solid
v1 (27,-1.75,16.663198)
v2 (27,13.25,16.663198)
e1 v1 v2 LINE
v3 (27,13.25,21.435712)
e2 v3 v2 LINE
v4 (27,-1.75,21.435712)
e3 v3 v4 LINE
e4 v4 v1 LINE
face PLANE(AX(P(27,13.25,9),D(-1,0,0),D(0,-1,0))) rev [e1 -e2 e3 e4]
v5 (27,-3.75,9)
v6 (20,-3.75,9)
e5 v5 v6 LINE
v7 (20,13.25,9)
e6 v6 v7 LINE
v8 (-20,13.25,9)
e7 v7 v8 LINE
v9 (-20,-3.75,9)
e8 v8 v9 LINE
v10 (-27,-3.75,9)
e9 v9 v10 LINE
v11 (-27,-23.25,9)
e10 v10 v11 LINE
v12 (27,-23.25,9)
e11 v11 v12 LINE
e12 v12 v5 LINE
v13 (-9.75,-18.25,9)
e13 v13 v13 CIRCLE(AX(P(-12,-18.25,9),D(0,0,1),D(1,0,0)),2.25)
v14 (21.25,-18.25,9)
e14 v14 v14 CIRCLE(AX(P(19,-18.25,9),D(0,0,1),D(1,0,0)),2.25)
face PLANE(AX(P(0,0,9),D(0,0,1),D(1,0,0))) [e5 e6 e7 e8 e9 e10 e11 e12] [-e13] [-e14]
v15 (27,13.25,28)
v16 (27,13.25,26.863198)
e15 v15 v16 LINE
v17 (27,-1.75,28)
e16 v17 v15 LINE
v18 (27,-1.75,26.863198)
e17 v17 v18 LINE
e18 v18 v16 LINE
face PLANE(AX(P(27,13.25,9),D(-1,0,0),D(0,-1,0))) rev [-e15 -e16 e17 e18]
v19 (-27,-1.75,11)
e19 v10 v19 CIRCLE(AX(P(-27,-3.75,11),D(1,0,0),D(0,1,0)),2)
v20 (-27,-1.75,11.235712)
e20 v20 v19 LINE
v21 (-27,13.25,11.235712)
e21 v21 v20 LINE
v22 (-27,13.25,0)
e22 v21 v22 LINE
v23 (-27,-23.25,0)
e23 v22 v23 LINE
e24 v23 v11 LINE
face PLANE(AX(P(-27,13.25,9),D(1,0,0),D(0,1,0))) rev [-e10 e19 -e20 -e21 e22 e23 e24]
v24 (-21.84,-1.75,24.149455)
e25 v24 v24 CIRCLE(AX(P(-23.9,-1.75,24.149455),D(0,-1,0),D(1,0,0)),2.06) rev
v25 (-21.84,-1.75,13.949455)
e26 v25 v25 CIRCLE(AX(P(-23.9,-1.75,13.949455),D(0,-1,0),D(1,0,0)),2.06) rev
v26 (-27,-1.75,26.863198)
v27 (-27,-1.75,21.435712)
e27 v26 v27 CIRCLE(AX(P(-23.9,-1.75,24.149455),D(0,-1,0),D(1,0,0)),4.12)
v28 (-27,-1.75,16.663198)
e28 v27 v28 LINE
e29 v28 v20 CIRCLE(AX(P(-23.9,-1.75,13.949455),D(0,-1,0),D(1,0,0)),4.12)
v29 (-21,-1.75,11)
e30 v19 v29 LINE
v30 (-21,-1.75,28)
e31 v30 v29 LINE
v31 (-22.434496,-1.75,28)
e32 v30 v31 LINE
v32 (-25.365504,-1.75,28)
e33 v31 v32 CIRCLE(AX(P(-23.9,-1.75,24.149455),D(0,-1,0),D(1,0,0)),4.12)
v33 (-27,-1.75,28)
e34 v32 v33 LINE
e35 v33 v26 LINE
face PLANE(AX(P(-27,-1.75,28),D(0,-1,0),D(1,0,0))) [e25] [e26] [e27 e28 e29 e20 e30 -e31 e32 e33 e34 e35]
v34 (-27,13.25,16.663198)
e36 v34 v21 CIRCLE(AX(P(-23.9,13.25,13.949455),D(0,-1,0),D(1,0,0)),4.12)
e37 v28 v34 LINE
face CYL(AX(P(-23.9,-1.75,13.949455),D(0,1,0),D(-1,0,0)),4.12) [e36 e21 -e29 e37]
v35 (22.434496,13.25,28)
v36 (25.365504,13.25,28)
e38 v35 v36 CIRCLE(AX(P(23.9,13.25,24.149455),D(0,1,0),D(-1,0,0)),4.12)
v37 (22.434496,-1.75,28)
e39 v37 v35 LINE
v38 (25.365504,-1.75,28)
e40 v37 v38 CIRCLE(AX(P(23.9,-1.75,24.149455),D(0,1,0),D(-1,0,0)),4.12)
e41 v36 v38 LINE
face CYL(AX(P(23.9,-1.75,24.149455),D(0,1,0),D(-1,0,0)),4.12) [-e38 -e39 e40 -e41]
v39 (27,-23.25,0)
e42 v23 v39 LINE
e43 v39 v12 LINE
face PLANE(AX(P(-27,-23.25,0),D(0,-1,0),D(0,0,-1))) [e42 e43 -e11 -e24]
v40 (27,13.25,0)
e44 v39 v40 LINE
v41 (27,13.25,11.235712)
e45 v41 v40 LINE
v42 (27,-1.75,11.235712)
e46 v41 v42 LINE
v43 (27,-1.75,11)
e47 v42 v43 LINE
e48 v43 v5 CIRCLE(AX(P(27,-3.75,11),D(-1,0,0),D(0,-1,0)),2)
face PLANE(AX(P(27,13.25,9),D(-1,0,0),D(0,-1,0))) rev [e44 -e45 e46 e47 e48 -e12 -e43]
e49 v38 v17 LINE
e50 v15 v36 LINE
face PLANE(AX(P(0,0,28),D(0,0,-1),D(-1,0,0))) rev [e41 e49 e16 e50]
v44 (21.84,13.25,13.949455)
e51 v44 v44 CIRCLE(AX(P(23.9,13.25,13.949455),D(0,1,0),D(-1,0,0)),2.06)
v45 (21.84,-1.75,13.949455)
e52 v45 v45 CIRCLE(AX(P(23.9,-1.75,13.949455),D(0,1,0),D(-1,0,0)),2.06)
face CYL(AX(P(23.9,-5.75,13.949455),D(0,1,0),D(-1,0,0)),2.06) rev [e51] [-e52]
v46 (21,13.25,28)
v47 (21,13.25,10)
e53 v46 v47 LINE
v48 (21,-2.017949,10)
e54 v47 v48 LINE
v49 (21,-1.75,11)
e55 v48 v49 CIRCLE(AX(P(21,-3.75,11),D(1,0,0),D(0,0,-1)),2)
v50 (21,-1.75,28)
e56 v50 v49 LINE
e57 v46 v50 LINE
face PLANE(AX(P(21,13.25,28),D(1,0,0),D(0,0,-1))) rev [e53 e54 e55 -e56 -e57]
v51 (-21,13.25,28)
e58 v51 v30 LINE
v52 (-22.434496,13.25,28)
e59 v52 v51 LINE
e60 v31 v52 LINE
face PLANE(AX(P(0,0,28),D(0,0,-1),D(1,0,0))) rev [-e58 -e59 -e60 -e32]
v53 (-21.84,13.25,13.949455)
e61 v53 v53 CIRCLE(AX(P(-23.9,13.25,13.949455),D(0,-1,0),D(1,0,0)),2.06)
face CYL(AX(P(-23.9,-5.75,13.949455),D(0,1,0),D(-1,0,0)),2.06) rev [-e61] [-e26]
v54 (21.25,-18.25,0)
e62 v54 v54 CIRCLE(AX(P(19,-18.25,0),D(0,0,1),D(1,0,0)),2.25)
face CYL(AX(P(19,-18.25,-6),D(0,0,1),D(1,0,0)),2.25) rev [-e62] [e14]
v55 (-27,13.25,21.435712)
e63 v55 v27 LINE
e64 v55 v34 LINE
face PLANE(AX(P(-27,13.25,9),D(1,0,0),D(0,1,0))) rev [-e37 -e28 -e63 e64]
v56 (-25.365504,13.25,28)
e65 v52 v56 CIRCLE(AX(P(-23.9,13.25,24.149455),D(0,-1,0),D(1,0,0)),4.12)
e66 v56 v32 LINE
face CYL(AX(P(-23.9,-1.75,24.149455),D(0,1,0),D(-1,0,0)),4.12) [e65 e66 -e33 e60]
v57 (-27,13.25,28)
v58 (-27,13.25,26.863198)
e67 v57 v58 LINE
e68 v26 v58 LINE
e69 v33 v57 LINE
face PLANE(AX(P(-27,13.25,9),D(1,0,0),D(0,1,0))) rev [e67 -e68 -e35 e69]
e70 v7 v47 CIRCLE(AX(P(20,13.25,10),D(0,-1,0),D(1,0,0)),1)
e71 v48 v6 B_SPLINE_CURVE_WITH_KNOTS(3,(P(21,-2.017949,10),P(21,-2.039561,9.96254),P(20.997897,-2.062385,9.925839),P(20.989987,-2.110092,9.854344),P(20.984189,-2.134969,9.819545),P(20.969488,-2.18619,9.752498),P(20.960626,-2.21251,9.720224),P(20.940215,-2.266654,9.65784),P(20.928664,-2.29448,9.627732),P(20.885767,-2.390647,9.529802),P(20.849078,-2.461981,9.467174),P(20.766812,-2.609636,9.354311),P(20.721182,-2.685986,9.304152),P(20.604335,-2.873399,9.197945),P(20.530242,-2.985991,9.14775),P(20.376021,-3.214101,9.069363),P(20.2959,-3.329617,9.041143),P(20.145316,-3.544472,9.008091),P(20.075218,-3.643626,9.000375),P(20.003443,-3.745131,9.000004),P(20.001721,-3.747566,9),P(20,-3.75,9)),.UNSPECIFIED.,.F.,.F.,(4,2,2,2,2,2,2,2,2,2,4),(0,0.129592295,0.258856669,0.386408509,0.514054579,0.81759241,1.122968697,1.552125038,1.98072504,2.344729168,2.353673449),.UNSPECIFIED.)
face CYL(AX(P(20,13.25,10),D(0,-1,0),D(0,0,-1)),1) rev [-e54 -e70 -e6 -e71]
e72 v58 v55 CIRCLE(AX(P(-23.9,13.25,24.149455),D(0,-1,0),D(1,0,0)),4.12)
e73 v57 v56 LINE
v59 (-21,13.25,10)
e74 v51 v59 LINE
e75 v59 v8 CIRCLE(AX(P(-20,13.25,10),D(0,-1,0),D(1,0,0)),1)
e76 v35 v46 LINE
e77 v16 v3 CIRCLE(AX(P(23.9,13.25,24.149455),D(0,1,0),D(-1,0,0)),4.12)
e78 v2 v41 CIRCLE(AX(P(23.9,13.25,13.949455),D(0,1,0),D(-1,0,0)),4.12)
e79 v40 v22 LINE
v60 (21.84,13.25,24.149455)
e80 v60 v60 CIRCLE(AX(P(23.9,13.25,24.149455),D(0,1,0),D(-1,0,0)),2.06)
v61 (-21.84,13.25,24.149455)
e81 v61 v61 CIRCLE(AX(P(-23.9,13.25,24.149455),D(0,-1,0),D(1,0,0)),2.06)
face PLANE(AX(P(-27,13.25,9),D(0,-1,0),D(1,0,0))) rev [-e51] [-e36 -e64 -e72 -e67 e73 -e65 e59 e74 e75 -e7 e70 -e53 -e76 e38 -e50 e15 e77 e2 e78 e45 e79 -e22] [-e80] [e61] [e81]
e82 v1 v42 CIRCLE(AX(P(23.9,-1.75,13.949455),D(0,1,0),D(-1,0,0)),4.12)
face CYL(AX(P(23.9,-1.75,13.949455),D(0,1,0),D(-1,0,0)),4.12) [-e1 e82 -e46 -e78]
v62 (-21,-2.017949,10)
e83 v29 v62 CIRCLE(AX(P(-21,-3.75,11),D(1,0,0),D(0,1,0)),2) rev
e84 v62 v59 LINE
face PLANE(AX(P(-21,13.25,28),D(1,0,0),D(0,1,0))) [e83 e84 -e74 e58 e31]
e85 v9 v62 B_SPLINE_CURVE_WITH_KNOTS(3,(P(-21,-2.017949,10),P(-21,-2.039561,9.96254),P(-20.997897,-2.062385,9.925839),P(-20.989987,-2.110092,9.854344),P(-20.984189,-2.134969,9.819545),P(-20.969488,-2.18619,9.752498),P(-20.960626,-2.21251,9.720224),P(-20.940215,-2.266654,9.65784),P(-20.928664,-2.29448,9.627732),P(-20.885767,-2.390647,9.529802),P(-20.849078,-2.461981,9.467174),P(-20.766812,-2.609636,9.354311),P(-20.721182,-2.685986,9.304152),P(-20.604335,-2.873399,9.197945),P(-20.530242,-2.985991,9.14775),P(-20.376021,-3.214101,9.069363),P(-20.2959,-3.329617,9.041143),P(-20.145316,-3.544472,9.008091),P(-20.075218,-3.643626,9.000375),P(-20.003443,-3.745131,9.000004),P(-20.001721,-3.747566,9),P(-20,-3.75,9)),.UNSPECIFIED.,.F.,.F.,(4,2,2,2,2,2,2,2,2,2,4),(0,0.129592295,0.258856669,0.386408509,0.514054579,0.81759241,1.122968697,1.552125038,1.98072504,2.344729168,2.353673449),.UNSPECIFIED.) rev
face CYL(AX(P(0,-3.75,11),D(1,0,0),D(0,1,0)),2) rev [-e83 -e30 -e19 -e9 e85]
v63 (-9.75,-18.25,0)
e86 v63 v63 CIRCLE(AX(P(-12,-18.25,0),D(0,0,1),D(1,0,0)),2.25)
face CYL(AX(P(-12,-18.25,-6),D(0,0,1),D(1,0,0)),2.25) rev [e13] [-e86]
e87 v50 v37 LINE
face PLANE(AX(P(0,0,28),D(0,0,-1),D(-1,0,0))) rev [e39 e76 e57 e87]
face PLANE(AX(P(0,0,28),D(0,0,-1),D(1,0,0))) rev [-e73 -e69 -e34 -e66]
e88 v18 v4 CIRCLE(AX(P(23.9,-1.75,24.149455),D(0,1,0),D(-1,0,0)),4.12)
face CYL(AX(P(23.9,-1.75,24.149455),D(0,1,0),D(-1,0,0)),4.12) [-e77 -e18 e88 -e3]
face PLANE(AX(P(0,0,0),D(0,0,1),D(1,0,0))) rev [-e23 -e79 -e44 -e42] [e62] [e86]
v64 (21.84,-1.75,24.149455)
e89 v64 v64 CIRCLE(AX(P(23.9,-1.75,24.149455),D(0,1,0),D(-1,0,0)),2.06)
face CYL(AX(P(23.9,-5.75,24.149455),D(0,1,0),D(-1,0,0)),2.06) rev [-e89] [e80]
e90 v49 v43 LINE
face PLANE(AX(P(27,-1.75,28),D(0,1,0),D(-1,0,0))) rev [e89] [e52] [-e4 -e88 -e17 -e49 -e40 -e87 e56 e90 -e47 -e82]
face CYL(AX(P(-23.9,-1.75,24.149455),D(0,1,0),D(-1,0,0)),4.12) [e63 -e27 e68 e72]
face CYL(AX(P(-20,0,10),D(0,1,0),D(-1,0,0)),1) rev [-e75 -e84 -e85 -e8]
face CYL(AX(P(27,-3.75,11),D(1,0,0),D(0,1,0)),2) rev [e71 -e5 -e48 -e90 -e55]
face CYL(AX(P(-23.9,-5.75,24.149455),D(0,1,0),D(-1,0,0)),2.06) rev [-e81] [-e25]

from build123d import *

# Parameters (mm, degrees)
SKETCH1_W           = 54
SKETCH1_H           = 26.5
BOSS_EXTRUDE1_DEPTH = 9
SKETCH2_W           = 6
SKETCH2_H           = 15
BOSS_EXTRUDE2_DEPTH = 19
SKETCH4_R           = 2.06
CUT_EXTRUDE1_DEPTH  = 19
SKETCH5_R           = 2.06
BOSS_EXTRUDE3_DEPTH = 15
SKETCH8_W           = 54
SKETCH8_H           = 10
BOSS_EXTRUDE5_DEPTH = 9
SKETCH9_R           = 2.25
CUT_EXTRUDE3_DEPTH  = 15
FILLET1_R           = 2
FILLET2_R           = 1


with BuildPart() as part:
    # Sketch1 → Boss-Extrude1 (new body)
    with BuildSketch(Plane.XY):
        Rectangle(SKETCH1_W, SKETCH1_H)
    boss_extrude1 = extrude(amount=BOSS_EXTRUDE1_DEPTH)

    # Sketch2 → Boss-Extrude2 (add)
    with BuildSketch(Plane.XY.offset(9)):
        with Locations((24, 5.75)):
            Rectangle(SKETCH2_W, SKETCH2_H)
    boss_extrude2 = extrude(amount=BOSS_EXTRUDE2_DEPTH)

    # Sketch4 → Cut-Extrude1 (cut)
    with BuildSketch(Plane(origin=(0, 13.25, 0), x_dir=(1, 0, 0), z_dir=(0, 1, 0))):
        with Locations((23.9, -13.949454959)):
            Circle(SKETCH4_R)
        with Locations((23.9, -24.149454959)):
            Circle(SKETCH4_R)
    cut_extrude1 = extrude(amount=-CUT_EXTRUDE1_DEPTH, mode=Mode.SUBTRACT)

    # Sketch5 → Boss-Extrude3 (add)
    with BuildSketch(Plane(origin=(0, 13.25, 0), x_dir=(1, 0, 0), z_dir=(0, 1, 0))):
        with BuildLine():
            Line((21, -27.075954574), (21, -21.222955343))
            ThreePointArc((21, -21.222955343), (28.02, -24.149454959), (21, -27.075954574))
        make_face()
        with Locations((23.9, -24.149454959)):
            Circle(SKETCH5_R, mode=Mode.SUBTRACT)
        with BuildLine():
            Line((21, -16.875954574), (21, -11.022955343))
            ThreePointArc((21, -11.022955343), (28.02, -13.949454959), (21, -16.875954574))
        make_face()
        with Locations((23.9, -13.949454959)):
            Circle(SKETCH5_R, mode=Mode.SUBTRACT)
    boss_extrude3 = extrude(amount=-BOSS_EXTRUDE3_DEPTH)

    # Sketch8 → Boss-Extrude5 (add, through all)
    with BuildSketch(Plane.XY.offset(9)):
        with Locations((0, -18.25)):
            Rectangle(SKETCH8_W, SKETCH8_H)
    extrude(amount=-BOSS_EXTRUDE5_DEPTH)

    # Sketch9 → Cut-Extrude3 (cut)
    with BuildSketch(Plane.XY.offset(9)):
        with Locations((19, -18.25)):
            Circle(SKETCH9_R)
        with Locations((-12, -18.25)):
            Circle(SKETCH9_R)
    extrude(amount=-CUT_EXTRUDE3_DEPTH, mode=Mode.SUBTRACT)

    # Mirror1: Boss-Extrude1, Boss-Extrude2, Cut-Extrude1, Boss-Extrude3 across plane
    add(boss_extrude1.mirror(Plane.ZY))
    add(boss_extrude2.mirror(Plane.ZY))
    add(cut_extrude1.mirror(Plane.ZY), mode=Mode.SUBTRACT)
    add(boss_extrude3.mirror(Plane.ZY))

    # Fillet1
    fillet1_edges = [part.edges().sort_by_distance(p)[0] for p in [
        (-24, -1.75, 9),
        (24, -1.75, 9),
    ]]
    fillet(fillet1_edges, radius=FILLET1_R)

    # Fillet2
    fillet2_edges = [part.edges().sort_by_distance(p)[0] for p in [
        (-21, 5.75, 9),
        (21, 5.75, 9),
    ]]
    fillet(fillet2_edges, radius=FILLET2_R)


solid = part.part
